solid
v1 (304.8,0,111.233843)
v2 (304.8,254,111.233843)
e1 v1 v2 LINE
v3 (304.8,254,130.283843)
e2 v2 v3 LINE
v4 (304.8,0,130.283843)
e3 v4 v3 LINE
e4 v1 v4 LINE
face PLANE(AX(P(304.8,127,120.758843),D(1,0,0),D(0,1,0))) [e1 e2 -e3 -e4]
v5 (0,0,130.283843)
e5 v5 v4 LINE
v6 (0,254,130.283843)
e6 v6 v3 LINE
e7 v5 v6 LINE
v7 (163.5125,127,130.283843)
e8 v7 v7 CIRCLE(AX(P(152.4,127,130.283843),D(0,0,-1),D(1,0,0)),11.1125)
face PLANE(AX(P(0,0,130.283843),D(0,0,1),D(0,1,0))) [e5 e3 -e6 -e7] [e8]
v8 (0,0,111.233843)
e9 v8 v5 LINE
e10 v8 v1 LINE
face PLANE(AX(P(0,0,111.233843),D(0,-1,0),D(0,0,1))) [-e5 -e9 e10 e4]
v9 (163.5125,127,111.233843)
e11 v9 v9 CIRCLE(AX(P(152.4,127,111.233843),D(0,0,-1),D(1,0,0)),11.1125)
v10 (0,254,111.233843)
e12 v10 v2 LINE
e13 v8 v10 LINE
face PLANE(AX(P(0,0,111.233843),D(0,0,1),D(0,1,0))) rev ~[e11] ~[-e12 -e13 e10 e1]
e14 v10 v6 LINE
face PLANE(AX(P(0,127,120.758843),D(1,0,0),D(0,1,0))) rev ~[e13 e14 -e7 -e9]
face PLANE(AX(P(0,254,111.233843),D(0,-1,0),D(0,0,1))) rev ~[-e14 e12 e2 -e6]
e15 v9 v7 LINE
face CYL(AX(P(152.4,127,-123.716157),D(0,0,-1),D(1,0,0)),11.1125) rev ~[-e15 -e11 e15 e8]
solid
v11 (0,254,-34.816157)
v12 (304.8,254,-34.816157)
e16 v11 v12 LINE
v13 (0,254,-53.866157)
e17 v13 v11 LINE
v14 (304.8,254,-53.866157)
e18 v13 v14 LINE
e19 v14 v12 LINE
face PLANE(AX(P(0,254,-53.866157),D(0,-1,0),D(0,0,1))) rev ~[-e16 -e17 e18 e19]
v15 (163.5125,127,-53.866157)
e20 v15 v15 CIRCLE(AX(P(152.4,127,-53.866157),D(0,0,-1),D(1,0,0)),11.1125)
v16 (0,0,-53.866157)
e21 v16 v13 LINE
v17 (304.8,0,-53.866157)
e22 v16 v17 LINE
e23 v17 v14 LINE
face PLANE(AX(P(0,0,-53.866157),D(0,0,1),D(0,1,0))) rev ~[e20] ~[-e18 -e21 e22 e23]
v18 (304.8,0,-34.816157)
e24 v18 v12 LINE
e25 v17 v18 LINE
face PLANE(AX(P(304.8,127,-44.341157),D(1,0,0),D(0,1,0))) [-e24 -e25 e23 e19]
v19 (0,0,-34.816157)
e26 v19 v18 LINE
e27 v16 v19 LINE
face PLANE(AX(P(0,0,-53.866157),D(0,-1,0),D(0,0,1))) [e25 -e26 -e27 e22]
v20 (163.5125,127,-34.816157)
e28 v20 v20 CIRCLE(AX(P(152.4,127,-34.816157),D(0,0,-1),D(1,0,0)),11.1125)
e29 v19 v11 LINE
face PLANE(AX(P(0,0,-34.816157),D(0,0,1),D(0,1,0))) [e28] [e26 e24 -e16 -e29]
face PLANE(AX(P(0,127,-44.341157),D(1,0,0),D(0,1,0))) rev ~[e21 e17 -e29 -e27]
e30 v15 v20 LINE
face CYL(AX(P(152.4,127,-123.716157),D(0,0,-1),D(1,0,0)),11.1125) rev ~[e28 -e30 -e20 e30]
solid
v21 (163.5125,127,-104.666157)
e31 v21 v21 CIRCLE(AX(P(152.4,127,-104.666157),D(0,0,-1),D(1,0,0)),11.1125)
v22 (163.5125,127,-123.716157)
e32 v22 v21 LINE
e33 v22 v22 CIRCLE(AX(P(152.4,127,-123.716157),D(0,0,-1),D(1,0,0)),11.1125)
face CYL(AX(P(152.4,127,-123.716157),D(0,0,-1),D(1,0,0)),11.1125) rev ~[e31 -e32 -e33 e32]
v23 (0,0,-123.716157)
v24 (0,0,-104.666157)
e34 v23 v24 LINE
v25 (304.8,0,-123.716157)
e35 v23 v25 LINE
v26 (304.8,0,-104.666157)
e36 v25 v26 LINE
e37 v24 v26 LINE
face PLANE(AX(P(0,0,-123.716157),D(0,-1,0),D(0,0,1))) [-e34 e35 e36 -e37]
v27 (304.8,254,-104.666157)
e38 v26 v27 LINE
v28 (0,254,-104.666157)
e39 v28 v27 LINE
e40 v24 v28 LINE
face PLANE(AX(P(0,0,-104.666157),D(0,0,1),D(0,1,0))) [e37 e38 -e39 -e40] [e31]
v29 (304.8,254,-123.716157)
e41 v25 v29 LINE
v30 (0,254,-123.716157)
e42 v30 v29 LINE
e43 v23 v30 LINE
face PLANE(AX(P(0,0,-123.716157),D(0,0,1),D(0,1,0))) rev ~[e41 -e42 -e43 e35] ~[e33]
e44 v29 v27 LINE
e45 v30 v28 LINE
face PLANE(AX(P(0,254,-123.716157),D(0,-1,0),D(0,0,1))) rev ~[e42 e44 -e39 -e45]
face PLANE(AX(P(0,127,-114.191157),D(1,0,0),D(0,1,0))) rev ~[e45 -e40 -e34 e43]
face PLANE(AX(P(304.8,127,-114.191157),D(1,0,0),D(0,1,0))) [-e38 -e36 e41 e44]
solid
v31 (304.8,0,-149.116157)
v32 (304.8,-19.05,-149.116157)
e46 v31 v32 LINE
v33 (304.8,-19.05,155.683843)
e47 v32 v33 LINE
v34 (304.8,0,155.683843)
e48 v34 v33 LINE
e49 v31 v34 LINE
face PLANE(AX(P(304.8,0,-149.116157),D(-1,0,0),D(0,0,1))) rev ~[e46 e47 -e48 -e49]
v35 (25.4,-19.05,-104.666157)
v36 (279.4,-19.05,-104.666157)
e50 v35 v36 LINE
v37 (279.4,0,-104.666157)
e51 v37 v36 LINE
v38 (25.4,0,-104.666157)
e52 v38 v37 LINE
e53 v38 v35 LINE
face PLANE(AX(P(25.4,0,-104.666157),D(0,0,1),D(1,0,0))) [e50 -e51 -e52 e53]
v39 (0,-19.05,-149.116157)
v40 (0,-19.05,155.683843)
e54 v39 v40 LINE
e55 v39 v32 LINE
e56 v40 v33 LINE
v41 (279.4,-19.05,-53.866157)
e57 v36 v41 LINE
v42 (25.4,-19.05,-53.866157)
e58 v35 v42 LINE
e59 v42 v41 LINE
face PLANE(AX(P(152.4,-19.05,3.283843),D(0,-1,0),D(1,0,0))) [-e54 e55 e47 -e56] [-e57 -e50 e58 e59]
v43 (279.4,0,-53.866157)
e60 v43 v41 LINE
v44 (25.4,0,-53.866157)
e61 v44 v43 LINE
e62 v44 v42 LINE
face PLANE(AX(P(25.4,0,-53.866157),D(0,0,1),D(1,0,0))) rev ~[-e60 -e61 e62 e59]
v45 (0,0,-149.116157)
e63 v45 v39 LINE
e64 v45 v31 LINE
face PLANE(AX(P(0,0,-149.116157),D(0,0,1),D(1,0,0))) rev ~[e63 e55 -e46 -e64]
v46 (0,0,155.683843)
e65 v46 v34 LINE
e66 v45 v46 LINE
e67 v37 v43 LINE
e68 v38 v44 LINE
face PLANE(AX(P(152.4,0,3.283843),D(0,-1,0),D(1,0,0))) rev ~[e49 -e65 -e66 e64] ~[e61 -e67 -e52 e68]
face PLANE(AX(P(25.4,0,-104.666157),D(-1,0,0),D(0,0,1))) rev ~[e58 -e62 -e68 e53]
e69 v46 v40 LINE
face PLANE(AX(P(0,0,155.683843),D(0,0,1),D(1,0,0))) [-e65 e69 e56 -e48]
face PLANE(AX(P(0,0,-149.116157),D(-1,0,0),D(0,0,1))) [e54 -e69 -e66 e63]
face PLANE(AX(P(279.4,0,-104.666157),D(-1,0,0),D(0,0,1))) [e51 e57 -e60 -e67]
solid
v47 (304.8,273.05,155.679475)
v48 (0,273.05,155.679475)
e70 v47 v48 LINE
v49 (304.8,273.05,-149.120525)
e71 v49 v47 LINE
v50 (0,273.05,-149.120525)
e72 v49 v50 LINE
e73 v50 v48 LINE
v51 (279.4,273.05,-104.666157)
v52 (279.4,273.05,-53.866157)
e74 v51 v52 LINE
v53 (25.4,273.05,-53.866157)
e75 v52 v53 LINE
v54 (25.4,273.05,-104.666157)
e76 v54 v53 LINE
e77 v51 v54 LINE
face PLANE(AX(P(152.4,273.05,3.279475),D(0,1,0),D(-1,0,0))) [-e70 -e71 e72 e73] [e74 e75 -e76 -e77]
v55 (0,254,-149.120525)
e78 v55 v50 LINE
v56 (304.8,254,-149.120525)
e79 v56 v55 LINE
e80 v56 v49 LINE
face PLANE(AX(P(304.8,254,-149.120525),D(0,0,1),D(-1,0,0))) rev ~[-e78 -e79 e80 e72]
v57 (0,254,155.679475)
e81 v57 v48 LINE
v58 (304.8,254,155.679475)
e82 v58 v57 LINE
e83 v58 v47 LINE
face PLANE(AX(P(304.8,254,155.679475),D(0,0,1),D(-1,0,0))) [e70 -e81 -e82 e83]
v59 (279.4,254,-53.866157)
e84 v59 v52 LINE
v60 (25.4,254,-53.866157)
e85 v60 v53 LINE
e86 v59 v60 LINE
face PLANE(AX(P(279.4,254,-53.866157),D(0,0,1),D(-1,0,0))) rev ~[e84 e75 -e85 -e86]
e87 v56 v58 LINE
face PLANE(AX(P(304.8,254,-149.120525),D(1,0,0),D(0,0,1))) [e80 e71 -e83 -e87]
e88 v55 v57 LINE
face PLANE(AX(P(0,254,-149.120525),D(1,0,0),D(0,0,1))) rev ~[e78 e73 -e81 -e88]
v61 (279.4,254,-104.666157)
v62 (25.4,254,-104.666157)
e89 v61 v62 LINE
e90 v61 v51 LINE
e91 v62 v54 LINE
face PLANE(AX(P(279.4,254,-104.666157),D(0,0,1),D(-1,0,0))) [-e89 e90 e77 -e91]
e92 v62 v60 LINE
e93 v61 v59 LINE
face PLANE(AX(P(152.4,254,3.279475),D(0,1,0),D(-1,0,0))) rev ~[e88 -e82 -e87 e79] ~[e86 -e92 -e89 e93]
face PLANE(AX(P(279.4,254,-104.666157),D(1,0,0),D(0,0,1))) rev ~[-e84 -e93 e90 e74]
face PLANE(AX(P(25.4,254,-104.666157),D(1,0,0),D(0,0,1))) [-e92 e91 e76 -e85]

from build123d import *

# Parameters (mm, degrees)
F0_W     = 254
F0_H     = 19.05
F1_DEPTH = 304.8
F3_W     = 304.8
F3_H     = 304.8
F3_W_2   = 254
F3_H_2   = 50.8
F5_DEPTH = 19.05
F6_W     = 304.8
F6_H     = 304.8
F6_W_2   = 254
F6_H_2   = 50.8
F7_DEPTH = 19.05
F8_R     = 11.1125
F9_DEPTH = 254


with BuildPart() as f1:
    # F0 (on Right) → F1 (new body)
    with BuildSketch(Plane.YZ):
        with Locations((127, 120.7588429924)):
            Rectangle(F0_W, F0_H)
    extrude(amount=F1_DEPTH)


with BuildPart() as f1b:
    # F0 (on Right) → F1, piece 2 (new body)
    with BuildSketch(Plane.YZ):
        with Locations((127, -44.3411570076)):
            Rectangle(F0_W, F0_H)
    extrude(amount=F1_DEPTH)


with BuildPart() as f1c:
    # F0 (on Right) → F1, piece 3 (new body)
    with BuildSketch(Plane.YZ):
        with Locations((127, -114.1911570076)):
            Rectangle(F0_W, F0_H)
    extrude(amount=F1_DEPTH)


with BuildPart() as f5:
    # F3 (on offset) → F5 (new body)
    with BuildSketch(Plane(origin=(0, 254, 0), x_dir=(-1, 0, 0), z_dir=(0, 1, 0))):
        with Locations((-152.4, 3.2794754744)):
            Rectangle(F3_W, F3_H)
        with Locations((-152.4, -79.2661570076)):
            Rectangle(F3_W_2, F3_H_2, mode=Mode.SUBTRACT)
    extrude(amount=F5_DEPTH)


with BuildPart() as f7:
    # F6 (on offset) → F7 (new body)
    with BuildSketch(Plane.XZ):
        with Locations((152.4, 3.2838429924)):
            Rectangle(F6_W, F6_H)
        with Locations((152.4, -79.2661570076)):
            Rectangle(F6_W_2, F6_H_2, mode=Mode.SUBTRACT)
    extrude(amount=F7_DEPTH)


with BuildPart() as f9_tool:
    # F8 (on face) → F9 (new body)
    with BuildSketch(Plane(origin=(0, 0, -123.7161570076), x_dir=(1, 0, 0), z_dir=(0, 0, -1))):
        with Locations((152.4, -127)):
            Circle(F8_R)
    extrude(amount=-F9_DEPTH)


with BuildPart() as f1_1:
    add(f1.part)

    # F9: cut by f9_tool
    add(f9_tool.part, mode=Mode.SUBTRACT)


with BuildPart() as f1b_1:
    add(f1b.part)

    # F9: cut by f9_tool
    add(f9_tool.part, mode=Mode.SUBTRACT)


with BuildPart() as f1c_1:
    add(f1c.part)

    # F9: cut by f9_tool
    add(f9_tool.part, mode=Mode.SUBTRACT)


solid = Compound([f5.part, f7.part, f1_1.part, f1b_1.part, f1c_1.part])
